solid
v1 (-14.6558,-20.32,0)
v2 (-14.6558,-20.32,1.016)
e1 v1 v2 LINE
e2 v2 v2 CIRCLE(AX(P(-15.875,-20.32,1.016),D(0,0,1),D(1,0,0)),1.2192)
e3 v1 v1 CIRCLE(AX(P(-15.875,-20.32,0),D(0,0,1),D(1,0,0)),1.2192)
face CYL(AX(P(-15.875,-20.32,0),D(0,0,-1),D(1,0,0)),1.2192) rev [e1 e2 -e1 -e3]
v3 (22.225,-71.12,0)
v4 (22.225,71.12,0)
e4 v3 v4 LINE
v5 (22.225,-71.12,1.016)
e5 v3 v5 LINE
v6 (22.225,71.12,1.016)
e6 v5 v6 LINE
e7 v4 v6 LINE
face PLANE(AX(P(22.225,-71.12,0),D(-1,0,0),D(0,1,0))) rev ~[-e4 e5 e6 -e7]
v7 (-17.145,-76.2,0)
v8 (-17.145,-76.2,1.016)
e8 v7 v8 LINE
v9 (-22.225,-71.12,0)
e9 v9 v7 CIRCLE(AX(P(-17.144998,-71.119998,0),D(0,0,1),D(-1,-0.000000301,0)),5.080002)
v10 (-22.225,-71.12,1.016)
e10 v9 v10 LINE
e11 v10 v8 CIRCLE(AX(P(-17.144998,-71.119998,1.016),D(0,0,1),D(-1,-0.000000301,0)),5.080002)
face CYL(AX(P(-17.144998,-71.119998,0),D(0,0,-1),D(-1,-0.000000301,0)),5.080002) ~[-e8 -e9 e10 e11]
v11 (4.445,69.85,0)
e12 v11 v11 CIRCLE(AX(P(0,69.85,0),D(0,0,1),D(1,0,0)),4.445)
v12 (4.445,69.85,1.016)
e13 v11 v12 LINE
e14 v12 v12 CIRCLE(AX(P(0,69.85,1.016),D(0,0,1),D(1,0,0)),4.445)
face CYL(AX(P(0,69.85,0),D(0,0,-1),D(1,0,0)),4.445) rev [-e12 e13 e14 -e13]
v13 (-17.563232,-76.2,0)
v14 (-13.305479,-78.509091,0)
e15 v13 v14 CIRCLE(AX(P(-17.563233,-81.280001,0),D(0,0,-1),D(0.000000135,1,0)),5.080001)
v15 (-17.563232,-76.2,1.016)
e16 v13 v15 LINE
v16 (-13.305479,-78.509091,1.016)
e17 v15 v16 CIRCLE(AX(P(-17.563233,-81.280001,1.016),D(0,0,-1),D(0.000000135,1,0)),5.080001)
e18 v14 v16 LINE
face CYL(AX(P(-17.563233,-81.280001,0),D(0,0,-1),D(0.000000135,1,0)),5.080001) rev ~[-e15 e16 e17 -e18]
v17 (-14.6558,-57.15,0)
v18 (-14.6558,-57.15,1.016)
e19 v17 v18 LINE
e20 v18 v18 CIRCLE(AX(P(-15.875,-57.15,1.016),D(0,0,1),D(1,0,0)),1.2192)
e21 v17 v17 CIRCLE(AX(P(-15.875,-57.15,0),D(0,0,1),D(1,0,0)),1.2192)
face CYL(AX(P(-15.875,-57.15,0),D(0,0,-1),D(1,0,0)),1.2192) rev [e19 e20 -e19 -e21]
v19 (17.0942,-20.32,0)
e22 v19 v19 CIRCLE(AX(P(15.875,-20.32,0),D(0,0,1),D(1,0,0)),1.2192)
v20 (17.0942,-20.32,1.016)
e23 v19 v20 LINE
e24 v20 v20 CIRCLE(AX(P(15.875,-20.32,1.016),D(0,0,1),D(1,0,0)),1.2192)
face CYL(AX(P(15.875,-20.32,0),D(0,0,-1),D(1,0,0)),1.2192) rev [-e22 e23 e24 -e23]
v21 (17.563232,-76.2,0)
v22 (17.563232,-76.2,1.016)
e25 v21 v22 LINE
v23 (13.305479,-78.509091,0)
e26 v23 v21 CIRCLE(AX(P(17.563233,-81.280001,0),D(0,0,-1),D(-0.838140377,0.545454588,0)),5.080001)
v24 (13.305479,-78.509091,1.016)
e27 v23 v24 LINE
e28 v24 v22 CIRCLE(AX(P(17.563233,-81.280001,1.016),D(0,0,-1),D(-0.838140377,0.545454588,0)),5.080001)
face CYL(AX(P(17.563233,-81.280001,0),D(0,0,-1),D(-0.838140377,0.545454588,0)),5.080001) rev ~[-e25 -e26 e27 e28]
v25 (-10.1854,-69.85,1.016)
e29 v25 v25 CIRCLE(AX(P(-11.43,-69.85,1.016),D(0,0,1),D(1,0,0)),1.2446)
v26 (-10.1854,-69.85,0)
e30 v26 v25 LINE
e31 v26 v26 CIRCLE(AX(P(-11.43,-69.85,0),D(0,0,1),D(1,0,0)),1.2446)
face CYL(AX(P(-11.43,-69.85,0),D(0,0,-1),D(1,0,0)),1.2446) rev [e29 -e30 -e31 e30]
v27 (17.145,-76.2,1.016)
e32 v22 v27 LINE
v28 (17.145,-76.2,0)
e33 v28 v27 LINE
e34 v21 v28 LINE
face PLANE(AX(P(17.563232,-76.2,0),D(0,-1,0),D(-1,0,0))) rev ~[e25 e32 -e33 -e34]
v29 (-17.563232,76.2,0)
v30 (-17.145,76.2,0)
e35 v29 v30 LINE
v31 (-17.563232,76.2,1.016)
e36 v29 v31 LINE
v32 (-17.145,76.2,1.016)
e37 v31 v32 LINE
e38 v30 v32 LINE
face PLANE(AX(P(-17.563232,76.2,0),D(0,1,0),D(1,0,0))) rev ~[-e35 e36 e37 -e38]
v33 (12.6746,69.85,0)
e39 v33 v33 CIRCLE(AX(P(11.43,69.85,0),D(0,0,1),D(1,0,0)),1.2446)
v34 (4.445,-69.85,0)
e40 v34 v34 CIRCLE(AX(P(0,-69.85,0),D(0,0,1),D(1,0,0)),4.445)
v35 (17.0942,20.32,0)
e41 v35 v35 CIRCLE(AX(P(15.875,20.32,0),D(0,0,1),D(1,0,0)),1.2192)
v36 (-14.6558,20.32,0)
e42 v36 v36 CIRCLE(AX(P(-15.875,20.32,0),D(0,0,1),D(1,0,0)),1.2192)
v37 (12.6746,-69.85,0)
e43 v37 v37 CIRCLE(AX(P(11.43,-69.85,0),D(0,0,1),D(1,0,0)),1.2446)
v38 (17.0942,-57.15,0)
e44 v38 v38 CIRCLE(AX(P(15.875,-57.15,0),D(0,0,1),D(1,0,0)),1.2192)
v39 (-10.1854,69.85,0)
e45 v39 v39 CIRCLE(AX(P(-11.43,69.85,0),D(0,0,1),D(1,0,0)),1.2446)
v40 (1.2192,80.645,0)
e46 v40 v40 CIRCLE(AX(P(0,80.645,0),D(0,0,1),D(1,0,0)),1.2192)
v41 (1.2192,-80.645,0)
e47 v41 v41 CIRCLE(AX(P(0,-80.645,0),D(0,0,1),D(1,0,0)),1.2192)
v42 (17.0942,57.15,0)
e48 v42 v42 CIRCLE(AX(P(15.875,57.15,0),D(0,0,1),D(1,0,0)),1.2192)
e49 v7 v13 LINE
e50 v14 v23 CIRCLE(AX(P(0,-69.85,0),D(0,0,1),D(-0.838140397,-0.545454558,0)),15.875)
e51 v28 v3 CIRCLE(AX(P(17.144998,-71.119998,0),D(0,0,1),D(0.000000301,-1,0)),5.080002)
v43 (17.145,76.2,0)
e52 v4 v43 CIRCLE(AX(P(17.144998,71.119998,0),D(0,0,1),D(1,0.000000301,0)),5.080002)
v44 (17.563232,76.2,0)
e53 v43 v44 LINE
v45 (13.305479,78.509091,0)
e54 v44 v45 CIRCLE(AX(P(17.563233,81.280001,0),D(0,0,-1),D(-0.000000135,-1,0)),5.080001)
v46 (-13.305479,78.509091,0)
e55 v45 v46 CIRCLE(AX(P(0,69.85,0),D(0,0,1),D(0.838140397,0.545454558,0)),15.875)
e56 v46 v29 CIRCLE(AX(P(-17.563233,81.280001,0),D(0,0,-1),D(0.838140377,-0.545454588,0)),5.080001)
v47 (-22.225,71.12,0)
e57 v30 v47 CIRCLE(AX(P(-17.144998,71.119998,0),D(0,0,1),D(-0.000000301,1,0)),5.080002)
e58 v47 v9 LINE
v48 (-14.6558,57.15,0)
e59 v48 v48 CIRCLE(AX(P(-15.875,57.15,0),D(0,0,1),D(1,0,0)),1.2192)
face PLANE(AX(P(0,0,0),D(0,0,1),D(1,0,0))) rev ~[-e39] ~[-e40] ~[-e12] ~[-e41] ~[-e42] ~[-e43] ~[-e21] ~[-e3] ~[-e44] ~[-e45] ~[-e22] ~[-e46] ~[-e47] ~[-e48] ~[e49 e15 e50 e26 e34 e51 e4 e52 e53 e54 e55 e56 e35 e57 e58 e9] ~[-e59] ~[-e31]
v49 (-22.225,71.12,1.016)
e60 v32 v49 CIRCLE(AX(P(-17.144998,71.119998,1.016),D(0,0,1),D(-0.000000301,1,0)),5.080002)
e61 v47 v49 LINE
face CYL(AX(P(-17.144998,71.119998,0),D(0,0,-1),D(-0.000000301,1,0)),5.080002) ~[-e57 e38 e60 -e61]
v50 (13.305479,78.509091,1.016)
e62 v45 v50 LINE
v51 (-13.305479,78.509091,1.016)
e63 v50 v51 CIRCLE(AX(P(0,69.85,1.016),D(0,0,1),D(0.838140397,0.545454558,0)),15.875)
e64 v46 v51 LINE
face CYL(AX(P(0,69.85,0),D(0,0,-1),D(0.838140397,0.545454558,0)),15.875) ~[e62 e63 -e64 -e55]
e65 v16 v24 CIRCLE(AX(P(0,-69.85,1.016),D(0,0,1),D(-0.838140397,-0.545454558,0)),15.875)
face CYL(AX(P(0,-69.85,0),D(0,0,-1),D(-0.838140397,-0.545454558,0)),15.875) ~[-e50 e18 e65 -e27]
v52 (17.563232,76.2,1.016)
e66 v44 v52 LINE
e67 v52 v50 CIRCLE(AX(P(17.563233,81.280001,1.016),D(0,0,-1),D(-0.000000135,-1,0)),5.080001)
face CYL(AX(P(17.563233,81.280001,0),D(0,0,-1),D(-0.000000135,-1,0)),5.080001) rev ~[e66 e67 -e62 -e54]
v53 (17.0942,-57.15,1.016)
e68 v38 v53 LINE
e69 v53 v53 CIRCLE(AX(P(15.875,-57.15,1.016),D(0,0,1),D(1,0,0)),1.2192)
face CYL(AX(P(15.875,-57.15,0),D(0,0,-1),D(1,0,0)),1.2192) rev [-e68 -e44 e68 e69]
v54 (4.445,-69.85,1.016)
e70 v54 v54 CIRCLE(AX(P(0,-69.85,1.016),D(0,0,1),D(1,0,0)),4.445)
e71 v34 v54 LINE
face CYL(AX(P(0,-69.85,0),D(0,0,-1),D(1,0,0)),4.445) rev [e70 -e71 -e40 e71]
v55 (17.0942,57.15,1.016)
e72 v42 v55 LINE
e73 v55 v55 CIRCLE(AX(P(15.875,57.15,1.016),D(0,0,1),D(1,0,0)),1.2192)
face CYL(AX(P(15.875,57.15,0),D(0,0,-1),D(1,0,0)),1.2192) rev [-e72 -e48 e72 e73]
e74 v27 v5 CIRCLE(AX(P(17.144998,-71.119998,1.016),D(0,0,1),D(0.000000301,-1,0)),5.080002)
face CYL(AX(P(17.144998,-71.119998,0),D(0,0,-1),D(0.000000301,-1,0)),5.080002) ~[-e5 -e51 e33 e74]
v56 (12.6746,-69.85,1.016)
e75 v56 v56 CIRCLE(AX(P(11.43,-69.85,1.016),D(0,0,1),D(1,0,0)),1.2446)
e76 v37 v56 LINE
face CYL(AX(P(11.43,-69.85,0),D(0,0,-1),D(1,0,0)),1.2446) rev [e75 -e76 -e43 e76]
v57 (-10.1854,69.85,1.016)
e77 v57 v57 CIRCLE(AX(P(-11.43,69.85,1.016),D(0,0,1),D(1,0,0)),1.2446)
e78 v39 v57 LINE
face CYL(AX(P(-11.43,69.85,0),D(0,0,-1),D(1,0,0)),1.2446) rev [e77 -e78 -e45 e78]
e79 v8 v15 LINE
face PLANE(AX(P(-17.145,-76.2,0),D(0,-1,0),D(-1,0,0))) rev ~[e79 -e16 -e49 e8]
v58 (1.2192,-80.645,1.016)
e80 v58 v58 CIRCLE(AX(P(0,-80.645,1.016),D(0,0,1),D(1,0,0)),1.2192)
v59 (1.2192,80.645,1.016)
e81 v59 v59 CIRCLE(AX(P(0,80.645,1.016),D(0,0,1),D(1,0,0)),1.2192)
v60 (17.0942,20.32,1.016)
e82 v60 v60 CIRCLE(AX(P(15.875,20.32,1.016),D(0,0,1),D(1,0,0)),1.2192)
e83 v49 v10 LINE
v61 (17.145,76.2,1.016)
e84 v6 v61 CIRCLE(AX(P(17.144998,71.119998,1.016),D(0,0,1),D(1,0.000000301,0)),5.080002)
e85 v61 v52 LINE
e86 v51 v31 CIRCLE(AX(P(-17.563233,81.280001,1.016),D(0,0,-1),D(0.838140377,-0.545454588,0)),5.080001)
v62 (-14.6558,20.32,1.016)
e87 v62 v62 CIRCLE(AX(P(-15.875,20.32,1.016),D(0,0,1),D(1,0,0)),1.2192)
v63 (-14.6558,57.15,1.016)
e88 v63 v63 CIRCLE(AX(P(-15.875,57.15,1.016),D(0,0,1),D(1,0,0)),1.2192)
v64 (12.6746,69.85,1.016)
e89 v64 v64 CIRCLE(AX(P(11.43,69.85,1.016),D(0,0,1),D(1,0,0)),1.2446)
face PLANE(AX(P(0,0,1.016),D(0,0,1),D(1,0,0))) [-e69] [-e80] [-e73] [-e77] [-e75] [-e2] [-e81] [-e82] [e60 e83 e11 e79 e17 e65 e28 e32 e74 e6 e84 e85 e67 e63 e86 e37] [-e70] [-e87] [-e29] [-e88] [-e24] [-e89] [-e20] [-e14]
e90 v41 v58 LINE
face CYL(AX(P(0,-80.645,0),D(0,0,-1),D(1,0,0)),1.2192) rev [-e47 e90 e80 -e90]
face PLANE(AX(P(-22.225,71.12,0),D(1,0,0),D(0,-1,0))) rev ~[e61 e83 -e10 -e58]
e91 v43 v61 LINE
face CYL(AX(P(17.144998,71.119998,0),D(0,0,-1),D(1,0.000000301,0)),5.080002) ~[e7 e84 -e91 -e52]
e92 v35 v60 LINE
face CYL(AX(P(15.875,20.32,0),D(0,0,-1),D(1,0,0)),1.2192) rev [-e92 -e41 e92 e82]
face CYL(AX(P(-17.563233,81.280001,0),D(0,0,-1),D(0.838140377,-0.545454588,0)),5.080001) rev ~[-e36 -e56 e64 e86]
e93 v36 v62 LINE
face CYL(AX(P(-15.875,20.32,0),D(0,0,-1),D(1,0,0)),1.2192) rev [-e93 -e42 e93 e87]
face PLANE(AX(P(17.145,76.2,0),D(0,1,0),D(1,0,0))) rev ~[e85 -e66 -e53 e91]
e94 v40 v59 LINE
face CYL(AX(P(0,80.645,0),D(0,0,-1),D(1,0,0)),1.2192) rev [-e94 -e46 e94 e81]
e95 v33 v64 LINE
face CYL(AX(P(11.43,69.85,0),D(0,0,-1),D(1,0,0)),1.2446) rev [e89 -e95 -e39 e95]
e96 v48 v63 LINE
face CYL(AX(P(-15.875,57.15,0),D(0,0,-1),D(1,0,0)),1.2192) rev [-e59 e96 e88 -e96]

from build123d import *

# Parameters (mm, degrees)
F0_R     = 1.2446
F0_R_2   = 1.2192
F0_R_3   = 4.445
F1_DEPTH = 1.016


with BuildPart() as f1:
    # F0 (on Top) → F1 (new body)
    with BuildSketch(Plane.XY):
        with BuildLine():
            ThreePointArc((13.305479, -78.509091), (15.141437, -76.814431), (17.563232, -76.2))
            Line((17.563232, -76.2), (17.145, -76.2))
            ThreePointArc((17.145, -76.2), (20.737102, -74.712102), (22.225, -71.12))
            Line((22.225, -71.12), (22.225, 71.12))
            ThreePointArc((22.225, 71.12), (20.737102, 74.712102), (17.145, 76.2))
            Line((17.145, 76.2), (17.563232, 76.2))
            ThreePointArc((17.563232, 76.2), (15.141437, 76.814431), (13.305479, 78.509091))
            ThreePointArc((13.305479, 78.509091), (0, 85.725), (-13.305479, 78.509091))
            ThreePointArc((-13.305479, 78.509091), (-15.141437, 76.814431), (-17.563232, 76.2))
            Line((-17.563232, 76.2), (-17.145, 76.2))
            ThreePointArc((-17.145, 76.2), (-20.737102, 74.712102), (-22.225, 71.12))
            Line((-22.225, 71.12), (-22.225, -71.12))
            ThreePointArc((-22.225, -71.12), (-20.737102, -74.712102), (-17.145, -76.2))
            Line((-17.145, -76.2), (-17.563232, -76.2))
            ThreePointArc((-17.563232, -76.2), (-15.141437, -76.814431), (-13.305479, -78.509091))
            ThreePointArc((-13.305479, -78.509091), (0, -85.725), (13.305479, -78.509091))
        make_face()
        with Locations((-11.43, -69.85)):
            Circle(F0_R, mode=Mode.SUBTRACT)
        with Locations((-15.875, -57.15)):
            Circle(F0_R_2, mode=Mode.SUBTRACT)
        with Locations((-15.875, -20.32)):
            Circle(F0_R_2, mode=Mode.SUBTRACT)
        with Locations((0, -80.645)):
            Circle(F0_R_2, mode=Mode.SUBTRACT)
        with Locations((0, -69.85)):
            Circle(F0_R_3, mode=Mode.SUBTRACT)
        with Locations((11.43, -69.85)):
            Circle(F0_R, mode=Mode.SUBTRACT)
        with Locations((15.875, -57.15)):
            Circle(F0_R_2, mode=Mode.SUBTRACT)
        with Locations((15.875, -20.32)):
            Circle(F0_R_2, mode=Mode.SUBTRACT)
        with Locations((-15.875, 20.32)):
            Circle(F0_R_2, mode=Mode.SUBTRACT)
        with Locations((-15.875, 57.15)):
            Circle(F0_R_2, mode=Mode.SUBTRACT)
        with Locations((-11.43, 69.85)):
            Circle(F0_R, mode=Mode.SUBTRACT)
        with Locations((15.875, 20.32)):
            Circle(F0_R_2, mode=Mode.SUBTRACT)
        with Locations((0, 69.85)):
            Circle(F0_R_3, mode=Mode.SUBTRACT)
        with Locations((0, 80.645)):
            Circle(F0_R_2, mode=Mode.SUBTRACT)
        with Locations((15.875, 57.15)):
            Circle(F0_R_2, mode=Mode.SUBTRACT)
        with Locations((11.43, 69.85)):
            Circle(F0_R, mode=Mode.SUBTRACT)
    extrude(amount=F1_DEPTH)


solid = f1.part
